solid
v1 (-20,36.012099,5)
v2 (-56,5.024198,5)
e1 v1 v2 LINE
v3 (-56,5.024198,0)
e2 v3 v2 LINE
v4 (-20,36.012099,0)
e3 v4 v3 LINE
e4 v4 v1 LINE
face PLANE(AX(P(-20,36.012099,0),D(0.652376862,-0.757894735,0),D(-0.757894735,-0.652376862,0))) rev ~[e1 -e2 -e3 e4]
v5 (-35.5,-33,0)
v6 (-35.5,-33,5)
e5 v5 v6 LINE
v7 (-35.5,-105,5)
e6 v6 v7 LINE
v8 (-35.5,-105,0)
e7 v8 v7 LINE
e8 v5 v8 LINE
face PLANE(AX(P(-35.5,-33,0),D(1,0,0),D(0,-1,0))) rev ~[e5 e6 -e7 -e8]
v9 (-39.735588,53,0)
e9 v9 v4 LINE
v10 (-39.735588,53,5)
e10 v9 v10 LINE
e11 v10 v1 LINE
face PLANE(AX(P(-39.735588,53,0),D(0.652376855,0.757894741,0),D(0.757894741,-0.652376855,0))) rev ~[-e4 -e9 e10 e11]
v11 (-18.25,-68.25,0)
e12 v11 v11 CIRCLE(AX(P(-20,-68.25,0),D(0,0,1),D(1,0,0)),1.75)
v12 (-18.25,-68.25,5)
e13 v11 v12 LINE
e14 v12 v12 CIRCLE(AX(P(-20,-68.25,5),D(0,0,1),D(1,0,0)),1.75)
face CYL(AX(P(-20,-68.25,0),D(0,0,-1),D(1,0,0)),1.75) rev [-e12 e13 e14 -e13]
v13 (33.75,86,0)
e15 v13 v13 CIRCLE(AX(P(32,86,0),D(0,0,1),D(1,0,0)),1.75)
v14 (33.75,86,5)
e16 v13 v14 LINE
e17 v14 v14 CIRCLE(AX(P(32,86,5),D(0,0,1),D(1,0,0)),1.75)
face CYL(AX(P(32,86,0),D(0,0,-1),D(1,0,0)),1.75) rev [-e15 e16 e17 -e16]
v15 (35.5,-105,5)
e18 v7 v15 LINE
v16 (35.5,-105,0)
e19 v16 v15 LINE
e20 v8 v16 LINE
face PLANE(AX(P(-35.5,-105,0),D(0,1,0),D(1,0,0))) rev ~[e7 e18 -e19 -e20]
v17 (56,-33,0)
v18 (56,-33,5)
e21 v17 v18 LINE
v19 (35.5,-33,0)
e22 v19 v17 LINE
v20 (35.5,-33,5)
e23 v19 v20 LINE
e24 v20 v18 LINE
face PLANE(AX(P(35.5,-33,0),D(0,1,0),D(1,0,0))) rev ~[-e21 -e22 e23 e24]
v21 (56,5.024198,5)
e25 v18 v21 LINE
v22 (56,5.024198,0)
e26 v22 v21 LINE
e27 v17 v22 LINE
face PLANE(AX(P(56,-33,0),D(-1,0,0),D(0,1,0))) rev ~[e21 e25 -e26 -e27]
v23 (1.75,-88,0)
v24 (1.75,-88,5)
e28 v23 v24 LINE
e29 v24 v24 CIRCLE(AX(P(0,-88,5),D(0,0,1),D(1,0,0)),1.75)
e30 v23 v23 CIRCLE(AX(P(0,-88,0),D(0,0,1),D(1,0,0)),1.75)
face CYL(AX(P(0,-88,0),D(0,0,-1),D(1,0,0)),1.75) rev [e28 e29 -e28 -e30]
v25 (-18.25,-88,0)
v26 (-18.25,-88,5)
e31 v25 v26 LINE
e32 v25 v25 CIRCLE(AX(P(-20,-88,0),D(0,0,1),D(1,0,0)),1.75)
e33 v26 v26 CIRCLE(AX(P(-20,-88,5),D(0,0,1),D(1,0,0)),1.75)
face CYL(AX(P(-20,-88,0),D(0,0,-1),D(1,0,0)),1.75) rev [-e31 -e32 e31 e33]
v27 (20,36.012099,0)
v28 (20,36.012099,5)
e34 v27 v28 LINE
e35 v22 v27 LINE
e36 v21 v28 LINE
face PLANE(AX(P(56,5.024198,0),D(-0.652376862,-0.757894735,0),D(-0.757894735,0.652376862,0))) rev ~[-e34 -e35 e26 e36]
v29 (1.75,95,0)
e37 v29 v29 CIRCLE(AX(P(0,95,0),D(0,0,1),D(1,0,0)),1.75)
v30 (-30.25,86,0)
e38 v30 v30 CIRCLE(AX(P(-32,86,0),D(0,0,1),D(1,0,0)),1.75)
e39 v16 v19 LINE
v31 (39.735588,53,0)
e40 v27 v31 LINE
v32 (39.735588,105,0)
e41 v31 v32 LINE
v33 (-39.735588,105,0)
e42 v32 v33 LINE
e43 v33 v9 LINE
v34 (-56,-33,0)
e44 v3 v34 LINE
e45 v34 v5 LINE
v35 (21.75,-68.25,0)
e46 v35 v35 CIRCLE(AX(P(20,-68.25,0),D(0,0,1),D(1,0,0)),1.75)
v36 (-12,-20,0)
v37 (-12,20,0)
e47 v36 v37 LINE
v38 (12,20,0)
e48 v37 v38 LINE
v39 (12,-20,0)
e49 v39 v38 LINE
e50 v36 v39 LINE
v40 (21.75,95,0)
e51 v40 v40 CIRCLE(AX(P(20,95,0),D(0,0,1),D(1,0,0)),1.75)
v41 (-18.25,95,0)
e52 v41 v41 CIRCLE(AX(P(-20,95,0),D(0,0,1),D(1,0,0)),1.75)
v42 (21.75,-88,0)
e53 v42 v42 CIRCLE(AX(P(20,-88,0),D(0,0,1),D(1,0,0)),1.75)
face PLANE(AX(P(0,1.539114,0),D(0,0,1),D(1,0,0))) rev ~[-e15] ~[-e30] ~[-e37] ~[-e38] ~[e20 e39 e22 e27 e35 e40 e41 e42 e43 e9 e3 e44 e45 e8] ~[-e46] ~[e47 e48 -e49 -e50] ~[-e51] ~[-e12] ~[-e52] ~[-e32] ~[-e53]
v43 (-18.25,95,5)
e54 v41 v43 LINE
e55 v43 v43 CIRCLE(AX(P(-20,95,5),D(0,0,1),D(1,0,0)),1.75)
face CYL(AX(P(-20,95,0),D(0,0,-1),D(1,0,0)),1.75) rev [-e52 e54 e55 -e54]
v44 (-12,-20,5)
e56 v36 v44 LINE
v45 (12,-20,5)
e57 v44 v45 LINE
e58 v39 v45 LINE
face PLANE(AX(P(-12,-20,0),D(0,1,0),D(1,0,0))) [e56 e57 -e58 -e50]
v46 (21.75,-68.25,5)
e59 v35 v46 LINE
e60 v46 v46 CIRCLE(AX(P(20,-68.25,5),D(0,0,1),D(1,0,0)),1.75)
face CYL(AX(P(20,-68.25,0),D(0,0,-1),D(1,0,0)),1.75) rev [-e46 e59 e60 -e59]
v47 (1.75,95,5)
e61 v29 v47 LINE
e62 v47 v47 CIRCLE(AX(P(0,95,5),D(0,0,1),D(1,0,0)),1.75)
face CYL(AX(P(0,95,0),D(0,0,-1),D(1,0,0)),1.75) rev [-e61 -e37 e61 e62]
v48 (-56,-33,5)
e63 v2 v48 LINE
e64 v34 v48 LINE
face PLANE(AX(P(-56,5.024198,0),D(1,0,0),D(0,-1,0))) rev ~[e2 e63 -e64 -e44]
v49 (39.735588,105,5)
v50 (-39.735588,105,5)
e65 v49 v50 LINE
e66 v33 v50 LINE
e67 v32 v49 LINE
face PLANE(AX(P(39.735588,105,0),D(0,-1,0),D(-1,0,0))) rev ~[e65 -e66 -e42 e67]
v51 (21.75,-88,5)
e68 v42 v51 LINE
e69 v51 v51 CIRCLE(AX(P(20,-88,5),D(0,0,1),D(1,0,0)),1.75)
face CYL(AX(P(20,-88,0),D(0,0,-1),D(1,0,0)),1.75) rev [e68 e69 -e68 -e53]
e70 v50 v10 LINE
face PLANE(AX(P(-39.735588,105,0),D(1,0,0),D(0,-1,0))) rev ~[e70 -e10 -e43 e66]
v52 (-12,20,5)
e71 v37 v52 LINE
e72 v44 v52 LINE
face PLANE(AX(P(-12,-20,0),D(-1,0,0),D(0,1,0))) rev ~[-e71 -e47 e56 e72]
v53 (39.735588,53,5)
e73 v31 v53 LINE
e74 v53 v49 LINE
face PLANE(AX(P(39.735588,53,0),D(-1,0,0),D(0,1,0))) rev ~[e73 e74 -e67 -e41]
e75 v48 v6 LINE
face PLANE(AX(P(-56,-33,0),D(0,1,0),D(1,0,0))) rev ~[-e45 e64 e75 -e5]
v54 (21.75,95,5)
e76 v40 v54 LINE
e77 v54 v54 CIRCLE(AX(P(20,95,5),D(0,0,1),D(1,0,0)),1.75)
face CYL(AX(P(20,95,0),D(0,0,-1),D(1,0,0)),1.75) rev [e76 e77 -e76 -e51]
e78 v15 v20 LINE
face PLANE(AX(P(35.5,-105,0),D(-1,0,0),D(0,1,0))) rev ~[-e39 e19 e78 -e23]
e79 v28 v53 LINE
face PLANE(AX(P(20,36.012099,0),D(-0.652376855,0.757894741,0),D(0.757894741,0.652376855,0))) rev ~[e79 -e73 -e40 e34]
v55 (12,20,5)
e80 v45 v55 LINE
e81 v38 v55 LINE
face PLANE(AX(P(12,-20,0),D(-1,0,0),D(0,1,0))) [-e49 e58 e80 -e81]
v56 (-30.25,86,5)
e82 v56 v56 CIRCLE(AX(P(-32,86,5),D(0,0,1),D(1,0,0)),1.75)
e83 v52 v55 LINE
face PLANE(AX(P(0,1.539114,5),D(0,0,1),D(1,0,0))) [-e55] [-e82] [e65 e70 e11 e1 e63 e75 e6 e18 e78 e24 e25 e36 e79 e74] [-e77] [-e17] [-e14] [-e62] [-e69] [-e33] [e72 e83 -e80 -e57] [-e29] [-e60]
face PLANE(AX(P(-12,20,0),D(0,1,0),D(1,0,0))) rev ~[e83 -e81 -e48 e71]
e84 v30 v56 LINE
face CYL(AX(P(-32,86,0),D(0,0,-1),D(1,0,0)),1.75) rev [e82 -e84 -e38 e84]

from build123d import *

# Parameters (mm, degrees)
F0_R     = 1.75
F0_W     = 24
F0_H     = 40
F1_DEPTH = 5


with BuildPart() as f1:
    # F0 (on Top) → F1 (new body)
    with BuildSketch(Plane.XY):
        Polygon((-35.5, -105), (35.5, -105), (35.5, -33), (56, -33), (56, 5.024198), (20, 36.012099), (39.735588, 53), (39.735588, 105), (-39.735588, 105), (-39.735588, 53), (-20, 36.012099), (-56, 5.024198), (-56, -33), (-35.5, -33), align=None)
        with Locations((-20, -88)):
            Circle(F0_R, mode=Mode.SUBTRACT)
        with Locations((-20, -68.25)):
            Circle(F0_R, mode=Mode.SUBTRACT)
        with Locations((0, -88)):
            Circle(F0_R, mode=Mode.SUBTRACT)
        with Locations((20, -88)):
            Circle(F0_R, mode=Mode.SUBTRACT)
        with Locations((20, -68.25)):
            Circle(F0_R, mode=Mode.SUBTRACT)
        with Locations((-32, 86)):
            Circle(F0_R, mode=Mode.SUBTRACT)
        with Locations((-20, 95)):
            Circle(F0_R, mode=Mode.SUBTRACT)
        Rectangle(F0_W, F0_H, mode=Mode.SUBTRACT)
        with Locations((0, 95)):
            Circle(F0_R, mode=Mode.SUBTRACT)
        with Locations((20, 95)):
            Circle(F0_R, mode=Mode.SUBTRACT)
        with Locations((32, 86)):
            Circle(F0_R, mode=Mode.SUBTRACT)
    extrude(amount=F1_DEPTH)


solid = f1.part
